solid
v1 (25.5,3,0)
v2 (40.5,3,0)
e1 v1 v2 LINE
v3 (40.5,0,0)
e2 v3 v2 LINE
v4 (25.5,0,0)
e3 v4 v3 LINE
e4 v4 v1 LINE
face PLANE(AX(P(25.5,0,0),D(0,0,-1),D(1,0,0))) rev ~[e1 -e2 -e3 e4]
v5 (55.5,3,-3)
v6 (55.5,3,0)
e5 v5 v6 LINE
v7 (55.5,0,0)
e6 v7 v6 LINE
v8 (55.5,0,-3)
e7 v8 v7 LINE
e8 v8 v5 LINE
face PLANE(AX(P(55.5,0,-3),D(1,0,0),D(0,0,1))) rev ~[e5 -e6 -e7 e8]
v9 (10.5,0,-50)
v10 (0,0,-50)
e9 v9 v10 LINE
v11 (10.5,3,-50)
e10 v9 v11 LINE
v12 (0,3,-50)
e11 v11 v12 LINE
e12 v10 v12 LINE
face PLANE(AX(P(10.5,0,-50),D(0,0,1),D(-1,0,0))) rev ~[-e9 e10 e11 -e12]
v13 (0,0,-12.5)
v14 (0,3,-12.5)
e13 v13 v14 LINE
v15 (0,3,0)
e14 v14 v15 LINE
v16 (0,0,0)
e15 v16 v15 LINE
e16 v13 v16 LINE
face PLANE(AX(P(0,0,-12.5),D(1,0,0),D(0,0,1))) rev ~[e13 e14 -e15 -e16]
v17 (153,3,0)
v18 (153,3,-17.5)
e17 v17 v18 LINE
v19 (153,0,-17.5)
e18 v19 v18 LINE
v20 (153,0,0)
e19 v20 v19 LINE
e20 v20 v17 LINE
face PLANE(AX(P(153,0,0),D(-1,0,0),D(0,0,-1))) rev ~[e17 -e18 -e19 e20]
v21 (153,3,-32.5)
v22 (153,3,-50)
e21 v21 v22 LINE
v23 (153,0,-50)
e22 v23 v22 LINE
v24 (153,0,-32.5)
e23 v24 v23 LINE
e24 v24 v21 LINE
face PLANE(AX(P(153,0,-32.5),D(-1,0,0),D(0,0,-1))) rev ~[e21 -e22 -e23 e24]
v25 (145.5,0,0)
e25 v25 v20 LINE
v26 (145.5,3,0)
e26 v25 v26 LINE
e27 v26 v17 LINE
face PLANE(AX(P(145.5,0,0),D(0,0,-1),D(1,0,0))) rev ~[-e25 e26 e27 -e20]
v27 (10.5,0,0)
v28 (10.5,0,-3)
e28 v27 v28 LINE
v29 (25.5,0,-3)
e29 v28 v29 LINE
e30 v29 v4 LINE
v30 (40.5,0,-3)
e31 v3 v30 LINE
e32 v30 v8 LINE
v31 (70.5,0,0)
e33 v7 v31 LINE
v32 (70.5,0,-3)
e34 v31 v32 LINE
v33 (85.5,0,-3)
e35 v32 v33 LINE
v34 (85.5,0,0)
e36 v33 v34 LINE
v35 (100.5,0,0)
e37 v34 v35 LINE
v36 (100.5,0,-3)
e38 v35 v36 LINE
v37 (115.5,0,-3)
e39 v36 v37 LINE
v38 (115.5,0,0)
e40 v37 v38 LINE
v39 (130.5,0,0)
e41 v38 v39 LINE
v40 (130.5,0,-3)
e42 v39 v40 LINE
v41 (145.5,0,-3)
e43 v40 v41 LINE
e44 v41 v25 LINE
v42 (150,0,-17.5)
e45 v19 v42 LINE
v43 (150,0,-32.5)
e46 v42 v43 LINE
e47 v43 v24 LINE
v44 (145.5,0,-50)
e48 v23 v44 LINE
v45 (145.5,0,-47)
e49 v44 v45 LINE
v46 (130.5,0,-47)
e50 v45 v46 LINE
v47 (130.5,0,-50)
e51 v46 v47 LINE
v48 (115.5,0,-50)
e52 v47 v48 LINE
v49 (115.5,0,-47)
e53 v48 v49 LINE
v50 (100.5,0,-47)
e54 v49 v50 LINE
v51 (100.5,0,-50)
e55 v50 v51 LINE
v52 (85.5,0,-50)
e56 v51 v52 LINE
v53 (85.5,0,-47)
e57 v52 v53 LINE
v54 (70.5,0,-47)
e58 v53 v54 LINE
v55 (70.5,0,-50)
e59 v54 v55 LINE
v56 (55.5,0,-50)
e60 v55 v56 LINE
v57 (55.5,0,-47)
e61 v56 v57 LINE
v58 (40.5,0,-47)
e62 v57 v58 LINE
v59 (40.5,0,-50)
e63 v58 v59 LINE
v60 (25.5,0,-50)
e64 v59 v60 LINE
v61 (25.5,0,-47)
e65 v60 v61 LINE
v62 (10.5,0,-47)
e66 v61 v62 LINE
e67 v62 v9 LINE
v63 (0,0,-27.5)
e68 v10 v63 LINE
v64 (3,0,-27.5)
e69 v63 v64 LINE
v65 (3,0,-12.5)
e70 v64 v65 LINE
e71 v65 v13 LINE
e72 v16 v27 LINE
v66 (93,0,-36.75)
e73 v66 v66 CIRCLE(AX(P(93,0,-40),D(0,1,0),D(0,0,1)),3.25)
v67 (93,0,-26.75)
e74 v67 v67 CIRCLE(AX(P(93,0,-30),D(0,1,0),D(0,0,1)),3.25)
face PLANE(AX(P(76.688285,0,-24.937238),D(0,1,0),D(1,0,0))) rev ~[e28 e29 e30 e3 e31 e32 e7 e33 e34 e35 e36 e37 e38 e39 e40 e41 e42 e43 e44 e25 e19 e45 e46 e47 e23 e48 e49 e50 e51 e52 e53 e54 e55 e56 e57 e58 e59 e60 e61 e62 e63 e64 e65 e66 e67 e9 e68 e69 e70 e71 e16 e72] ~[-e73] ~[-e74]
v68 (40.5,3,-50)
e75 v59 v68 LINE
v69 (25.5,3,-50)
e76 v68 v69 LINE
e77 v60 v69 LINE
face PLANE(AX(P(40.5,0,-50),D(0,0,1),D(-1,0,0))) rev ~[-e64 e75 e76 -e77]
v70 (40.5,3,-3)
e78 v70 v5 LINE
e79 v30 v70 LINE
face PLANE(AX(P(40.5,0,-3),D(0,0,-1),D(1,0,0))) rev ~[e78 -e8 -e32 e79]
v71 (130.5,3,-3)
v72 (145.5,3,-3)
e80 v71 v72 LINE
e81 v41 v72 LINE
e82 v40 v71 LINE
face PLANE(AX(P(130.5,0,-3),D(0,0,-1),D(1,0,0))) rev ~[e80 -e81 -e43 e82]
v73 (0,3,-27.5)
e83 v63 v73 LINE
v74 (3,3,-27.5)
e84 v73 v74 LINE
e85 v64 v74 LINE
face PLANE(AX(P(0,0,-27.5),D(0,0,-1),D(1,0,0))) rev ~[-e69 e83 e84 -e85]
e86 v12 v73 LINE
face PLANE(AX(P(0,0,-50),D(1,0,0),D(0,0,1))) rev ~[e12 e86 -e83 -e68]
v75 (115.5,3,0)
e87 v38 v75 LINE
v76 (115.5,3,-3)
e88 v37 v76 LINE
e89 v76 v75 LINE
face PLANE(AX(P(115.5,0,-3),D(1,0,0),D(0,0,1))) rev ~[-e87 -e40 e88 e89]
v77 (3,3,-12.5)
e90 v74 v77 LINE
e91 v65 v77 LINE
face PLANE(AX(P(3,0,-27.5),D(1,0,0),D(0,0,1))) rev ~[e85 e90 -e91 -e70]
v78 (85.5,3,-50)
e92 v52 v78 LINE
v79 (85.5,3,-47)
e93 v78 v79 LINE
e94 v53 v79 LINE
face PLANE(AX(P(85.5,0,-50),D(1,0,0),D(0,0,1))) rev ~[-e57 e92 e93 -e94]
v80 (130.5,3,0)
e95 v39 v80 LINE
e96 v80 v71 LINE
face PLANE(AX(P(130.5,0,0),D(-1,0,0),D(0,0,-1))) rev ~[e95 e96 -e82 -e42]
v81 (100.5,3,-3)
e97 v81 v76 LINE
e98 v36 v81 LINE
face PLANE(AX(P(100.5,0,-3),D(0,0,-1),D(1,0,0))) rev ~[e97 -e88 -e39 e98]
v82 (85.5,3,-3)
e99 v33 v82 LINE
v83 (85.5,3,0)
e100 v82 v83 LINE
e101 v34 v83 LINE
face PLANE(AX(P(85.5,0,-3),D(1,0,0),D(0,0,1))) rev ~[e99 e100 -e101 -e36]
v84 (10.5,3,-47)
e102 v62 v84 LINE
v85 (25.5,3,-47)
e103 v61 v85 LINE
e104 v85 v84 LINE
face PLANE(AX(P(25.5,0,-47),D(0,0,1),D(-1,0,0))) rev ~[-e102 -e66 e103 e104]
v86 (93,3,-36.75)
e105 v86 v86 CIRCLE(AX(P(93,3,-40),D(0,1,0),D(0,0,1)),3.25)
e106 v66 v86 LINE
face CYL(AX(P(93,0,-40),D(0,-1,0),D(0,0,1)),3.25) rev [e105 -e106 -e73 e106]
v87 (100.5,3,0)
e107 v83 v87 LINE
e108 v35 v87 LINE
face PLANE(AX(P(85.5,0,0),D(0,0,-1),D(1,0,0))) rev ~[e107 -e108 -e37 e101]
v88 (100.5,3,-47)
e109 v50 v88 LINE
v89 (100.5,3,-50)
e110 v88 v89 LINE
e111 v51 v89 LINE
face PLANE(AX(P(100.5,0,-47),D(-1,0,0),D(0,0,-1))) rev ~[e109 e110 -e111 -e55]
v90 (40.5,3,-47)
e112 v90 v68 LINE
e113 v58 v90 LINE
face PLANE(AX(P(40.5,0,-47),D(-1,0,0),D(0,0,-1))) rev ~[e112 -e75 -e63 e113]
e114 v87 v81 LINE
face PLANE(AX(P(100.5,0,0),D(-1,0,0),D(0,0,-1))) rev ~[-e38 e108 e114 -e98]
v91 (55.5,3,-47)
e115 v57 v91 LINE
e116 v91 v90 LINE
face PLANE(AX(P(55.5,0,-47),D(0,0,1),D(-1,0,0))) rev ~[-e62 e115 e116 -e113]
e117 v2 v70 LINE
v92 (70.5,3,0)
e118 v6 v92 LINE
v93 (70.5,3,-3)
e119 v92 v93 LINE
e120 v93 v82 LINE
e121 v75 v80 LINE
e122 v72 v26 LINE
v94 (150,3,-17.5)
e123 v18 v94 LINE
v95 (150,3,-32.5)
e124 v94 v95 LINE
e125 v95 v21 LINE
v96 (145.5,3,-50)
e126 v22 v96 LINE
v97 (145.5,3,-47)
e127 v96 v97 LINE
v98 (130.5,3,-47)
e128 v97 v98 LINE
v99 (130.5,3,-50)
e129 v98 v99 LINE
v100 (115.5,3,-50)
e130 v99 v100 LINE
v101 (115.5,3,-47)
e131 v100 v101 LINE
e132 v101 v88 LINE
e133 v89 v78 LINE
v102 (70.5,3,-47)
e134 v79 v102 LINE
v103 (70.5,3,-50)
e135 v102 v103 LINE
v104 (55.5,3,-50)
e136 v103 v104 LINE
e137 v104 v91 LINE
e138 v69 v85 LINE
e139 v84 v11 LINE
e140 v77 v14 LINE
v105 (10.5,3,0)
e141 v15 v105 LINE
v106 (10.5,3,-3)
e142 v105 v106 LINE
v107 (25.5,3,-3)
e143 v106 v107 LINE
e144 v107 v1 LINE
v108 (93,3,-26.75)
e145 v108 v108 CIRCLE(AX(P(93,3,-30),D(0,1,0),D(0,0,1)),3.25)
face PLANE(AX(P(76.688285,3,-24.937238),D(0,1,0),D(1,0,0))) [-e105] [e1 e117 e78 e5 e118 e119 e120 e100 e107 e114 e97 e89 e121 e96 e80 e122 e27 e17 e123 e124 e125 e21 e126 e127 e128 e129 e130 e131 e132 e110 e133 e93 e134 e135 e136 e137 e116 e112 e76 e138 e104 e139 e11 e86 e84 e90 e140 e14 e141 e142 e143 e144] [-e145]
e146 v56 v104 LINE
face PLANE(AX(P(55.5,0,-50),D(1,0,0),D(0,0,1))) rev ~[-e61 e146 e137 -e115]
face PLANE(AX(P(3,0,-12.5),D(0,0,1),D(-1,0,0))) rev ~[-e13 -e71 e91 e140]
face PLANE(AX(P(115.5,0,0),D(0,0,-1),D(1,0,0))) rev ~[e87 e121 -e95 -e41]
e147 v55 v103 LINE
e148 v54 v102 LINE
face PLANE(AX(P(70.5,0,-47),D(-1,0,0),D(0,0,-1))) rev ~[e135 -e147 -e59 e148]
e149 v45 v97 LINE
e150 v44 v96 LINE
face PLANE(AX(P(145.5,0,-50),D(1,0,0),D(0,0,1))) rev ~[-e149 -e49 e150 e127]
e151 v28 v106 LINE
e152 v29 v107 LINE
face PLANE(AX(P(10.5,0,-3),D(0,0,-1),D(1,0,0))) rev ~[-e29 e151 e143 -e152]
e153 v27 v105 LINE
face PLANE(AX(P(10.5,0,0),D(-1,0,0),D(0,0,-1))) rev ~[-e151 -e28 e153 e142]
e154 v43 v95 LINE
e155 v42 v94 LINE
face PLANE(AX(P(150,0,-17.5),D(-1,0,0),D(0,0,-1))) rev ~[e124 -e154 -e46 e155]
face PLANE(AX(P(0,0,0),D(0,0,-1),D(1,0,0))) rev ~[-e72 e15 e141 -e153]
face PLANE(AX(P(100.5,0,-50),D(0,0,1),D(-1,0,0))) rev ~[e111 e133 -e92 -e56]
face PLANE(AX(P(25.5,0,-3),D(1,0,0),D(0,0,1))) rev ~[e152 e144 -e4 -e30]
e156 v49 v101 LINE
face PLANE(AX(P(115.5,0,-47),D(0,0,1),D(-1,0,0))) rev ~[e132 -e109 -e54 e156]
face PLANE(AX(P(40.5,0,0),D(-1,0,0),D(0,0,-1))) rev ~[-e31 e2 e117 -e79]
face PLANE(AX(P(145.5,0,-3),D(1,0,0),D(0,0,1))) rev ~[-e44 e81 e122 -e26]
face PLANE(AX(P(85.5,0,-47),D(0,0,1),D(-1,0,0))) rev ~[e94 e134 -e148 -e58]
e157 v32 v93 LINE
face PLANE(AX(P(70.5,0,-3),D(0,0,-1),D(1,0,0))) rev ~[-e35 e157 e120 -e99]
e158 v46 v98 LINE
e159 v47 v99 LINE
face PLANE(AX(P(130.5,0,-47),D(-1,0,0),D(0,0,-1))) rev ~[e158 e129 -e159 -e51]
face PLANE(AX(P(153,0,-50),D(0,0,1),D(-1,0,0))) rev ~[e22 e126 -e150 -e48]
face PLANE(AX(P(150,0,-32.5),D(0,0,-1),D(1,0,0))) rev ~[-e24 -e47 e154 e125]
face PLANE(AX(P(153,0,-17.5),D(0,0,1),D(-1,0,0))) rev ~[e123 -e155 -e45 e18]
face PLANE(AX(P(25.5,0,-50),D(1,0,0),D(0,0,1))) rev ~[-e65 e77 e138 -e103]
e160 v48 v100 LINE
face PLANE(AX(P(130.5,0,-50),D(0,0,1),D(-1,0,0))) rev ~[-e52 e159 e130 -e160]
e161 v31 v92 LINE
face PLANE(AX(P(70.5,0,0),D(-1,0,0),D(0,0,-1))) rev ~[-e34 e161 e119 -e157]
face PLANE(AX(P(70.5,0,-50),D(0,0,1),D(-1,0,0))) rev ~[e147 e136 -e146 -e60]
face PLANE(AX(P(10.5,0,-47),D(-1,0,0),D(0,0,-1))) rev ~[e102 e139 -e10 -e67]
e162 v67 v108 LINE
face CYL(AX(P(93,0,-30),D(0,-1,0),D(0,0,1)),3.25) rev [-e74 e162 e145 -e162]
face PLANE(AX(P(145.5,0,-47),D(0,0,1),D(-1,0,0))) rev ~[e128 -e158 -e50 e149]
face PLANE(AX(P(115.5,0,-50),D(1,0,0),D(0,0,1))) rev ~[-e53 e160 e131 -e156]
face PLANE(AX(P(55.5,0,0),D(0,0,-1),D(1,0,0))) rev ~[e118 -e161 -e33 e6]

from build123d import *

# Parameters (mm, degrees)
CROQUIS1_R              = 3.25
SALIENTE_EXTRUIR1_DEPTH = 3


with BuildPart() as part:
    # Croquis1 → Saliente-Extruir1 (new body)
    with BuildSketch(Plane(origin=(0, 0, 0), x_dir=(1, 0, 0), z_dir=(0, 1, 0))):
        Polygon((0, 12.5), (0, 0), (10.5, 0), (10.5, 3), (25.5, 3), (25.5, 0), (40.5, 0), (40.5, 3), (55.5, 3), (55.5, 0), (70.5, 0), (70.5, 3), (85.5, 3), (85.5, 0), (100.5, 0), (100.5, 3), (115.5, 3), (115.5, 0), (130.5, 0), (130.5, 3), (145.5, 3), (145.5, 0), (153, 0), (153, 17.5), (150, 17.5), (150, 25), (150, 32.5), (153, 32.5), (153, 50), (145.5, 50), (145.5, 47), (130.5, 47), (130.5, 50), (115.5, 50), (115.5, 47), (100.5, 47), (100.5, 50), (93, 50), (85.5, 50), (85.5, 47), (70.5, 47), (70.5, 50), (67.60876348, 50), (55.5, 50), (55.5, 47), (40.5, 47), (40.5, 50), (25.5, 50), (25.5, 47), (10.5, 47), (10.5, 50), (3, 50), (0, 50), (0, 40), (0, 27.5), (3, 27.5), (3, 20), (3, 12.5), align=None)
        with Locations(Location((93, 30, 0), (0, 0, 270))):
            Circle(CROQUIS1_R, mode=Mode.SUBTRACT)
        with Locations(Location((93, 40, 0), (0, 0, 270))):
            Circle(CROQUIS1_R, mode=Mode.SUBTRACT)
    extrude(amount=SALIENTE_EXTRUIR1_DEPTH)


solid = part.part
